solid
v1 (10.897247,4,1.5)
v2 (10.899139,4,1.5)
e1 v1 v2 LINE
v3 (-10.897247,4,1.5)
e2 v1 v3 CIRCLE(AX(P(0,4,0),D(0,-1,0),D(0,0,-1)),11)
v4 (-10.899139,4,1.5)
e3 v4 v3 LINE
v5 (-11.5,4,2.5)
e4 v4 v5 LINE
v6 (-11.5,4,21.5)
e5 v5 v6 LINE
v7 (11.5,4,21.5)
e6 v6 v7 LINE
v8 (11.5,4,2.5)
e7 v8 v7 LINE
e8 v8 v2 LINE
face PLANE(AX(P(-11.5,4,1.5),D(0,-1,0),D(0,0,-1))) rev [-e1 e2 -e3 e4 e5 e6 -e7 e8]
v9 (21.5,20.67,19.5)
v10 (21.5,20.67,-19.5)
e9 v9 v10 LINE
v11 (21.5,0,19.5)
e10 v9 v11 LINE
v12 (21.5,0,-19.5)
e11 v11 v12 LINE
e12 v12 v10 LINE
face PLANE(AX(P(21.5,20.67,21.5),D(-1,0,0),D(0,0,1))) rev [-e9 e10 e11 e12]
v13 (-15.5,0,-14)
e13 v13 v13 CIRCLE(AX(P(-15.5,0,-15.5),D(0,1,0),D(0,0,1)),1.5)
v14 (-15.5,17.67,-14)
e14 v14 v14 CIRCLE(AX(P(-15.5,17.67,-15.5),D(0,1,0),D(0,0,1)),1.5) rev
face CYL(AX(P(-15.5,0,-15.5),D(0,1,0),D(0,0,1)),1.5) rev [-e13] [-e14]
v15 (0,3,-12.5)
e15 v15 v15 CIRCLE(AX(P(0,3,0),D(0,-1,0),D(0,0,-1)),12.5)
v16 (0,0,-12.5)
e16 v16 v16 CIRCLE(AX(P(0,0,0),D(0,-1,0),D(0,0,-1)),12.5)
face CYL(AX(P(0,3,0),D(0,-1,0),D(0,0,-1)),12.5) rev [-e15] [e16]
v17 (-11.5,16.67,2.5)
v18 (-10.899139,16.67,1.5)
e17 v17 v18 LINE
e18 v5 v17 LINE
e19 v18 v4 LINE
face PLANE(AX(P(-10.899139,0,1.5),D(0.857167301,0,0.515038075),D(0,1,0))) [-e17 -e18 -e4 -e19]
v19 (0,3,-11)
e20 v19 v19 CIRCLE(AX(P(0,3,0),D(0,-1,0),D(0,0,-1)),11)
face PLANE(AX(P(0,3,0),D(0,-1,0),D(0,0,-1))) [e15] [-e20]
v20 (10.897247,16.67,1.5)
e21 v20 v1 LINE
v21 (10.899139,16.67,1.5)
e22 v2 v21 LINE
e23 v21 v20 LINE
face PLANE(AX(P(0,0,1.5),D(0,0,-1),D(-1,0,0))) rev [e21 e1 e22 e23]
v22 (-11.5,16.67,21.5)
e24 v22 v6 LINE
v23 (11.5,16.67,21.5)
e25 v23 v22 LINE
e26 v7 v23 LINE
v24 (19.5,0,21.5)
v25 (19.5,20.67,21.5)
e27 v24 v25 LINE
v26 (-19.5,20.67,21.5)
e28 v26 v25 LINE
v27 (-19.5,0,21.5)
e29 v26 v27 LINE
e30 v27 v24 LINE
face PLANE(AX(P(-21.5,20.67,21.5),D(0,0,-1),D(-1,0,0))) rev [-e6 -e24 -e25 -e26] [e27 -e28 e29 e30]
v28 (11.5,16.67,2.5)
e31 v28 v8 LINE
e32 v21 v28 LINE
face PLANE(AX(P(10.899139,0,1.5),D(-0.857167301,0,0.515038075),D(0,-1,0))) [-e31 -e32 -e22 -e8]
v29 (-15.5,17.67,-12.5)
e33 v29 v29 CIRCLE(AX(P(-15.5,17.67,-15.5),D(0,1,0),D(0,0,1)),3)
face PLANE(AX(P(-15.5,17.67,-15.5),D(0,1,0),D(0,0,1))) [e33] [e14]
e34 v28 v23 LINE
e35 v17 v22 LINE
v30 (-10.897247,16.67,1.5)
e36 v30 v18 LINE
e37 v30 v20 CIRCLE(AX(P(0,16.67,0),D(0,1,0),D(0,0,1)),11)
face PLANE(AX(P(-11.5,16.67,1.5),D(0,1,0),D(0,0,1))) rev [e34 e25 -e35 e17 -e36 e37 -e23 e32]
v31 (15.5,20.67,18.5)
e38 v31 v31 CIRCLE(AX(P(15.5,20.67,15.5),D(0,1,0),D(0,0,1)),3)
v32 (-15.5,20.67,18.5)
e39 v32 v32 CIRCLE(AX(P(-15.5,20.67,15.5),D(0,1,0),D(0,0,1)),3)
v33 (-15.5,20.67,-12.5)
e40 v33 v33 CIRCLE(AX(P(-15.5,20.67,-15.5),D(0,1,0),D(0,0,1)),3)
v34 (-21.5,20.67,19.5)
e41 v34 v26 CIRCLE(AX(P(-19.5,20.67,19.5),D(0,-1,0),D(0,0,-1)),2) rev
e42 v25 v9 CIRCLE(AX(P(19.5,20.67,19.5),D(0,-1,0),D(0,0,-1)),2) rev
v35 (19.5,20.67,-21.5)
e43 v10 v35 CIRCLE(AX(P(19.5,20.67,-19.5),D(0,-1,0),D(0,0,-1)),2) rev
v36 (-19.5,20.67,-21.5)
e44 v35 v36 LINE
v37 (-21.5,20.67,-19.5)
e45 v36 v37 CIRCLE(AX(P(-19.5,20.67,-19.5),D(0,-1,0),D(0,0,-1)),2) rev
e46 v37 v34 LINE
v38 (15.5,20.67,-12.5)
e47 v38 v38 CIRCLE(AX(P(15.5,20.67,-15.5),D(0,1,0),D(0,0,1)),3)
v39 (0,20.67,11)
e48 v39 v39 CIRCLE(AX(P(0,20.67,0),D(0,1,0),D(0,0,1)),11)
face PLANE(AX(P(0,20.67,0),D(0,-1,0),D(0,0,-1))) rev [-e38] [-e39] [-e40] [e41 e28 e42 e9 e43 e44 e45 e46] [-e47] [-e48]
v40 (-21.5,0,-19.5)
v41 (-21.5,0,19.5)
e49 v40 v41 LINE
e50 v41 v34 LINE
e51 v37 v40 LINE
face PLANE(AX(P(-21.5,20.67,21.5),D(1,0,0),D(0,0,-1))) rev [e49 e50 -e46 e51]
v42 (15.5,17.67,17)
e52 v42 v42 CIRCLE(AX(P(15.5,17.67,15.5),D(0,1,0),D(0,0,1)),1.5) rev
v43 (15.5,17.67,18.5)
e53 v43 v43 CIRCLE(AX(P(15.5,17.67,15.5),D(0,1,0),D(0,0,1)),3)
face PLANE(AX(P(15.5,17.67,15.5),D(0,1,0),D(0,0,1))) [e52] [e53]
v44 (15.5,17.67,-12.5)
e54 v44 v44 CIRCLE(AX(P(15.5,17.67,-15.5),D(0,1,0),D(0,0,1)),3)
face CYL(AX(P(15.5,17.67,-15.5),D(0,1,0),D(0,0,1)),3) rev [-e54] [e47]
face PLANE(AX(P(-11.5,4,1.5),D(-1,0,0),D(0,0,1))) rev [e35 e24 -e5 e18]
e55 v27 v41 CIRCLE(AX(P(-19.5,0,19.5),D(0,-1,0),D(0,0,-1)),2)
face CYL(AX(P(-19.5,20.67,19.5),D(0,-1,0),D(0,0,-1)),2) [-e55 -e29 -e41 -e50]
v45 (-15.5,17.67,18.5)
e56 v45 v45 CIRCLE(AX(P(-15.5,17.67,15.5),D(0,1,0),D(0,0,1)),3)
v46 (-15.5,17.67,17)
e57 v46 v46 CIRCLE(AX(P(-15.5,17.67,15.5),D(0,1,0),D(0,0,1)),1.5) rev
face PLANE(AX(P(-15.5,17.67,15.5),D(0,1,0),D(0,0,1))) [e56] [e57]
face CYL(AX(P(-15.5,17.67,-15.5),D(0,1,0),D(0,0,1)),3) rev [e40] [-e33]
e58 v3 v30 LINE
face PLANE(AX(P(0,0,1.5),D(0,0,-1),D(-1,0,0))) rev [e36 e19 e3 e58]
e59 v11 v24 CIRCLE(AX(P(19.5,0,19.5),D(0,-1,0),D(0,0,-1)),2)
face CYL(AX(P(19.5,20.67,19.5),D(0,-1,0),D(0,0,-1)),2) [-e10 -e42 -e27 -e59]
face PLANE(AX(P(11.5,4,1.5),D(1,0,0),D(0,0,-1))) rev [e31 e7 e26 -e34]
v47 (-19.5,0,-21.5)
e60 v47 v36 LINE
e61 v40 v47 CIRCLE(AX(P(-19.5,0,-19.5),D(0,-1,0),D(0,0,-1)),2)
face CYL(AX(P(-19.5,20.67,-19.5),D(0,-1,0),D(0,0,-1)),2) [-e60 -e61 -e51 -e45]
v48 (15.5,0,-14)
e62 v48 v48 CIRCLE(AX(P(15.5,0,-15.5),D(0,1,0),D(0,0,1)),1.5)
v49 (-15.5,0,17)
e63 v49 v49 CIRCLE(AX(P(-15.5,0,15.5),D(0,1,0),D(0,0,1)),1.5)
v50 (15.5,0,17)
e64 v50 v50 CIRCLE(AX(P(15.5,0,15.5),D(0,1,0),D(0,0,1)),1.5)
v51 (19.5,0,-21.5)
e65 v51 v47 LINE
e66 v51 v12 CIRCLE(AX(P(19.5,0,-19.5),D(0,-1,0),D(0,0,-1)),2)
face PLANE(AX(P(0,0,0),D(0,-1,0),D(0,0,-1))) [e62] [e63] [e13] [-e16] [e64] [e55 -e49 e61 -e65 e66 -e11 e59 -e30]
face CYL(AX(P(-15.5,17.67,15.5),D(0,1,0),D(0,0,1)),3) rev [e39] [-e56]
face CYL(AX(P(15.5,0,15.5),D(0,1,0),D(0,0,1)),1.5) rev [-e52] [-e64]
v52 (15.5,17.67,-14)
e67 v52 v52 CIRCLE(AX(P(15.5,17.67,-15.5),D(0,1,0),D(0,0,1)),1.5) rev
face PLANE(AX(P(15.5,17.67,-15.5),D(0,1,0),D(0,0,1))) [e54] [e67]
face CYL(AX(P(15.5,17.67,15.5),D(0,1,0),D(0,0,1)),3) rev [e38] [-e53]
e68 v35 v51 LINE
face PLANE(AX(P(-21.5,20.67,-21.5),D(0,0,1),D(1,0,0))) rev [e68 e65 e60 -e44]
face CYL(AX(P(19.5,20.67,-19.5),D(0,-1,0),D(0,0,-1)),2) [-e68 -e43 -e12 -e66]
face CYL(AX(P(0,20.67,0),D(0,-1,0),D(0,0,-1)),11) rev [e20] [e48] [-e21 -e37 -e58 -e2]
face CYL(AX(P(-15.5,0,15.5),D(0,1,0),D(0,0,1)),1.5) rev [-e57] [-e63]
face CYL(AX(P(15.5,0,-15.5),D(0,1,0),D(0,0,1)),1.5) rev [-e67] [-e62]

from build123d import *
from OCP.BRepFilletAPI import BRepFilletAPI_MakeChamfer

# Parameters (mm, degrees)
SKETCH1_W           = 43
SKETCH1_H           = 43
SKETCH1_R           = 11
BOSS_EXTRUDE1_DEPTH = 20.67
SKETCH2_R           = 12.5
CUT_EXTRUDE1_DEPTH  = 3
SKETCH3_R           = 1.5
CUT_EXTRUDE2_DEPTH  = 37.766137953
SKETCH4_W           = 23
SKETCH4_H           = 12.67
CUT_EXTRUDE3_DEPTH  = 20
SKETCH5_R           = 3
CUT_EXTRUDE4_DEPTH  = 3
FILLET1_R           = 2
CHAMFER1_SIZE       = 1
CHAMFER1_SIZE2      = 0.600860619


with BuildPart() as part:
    # Sketch1 → Boss-Extrude1 (new body)
    with BuildSketch(Plane(origin=(0, 0, 0), x_dir=(1, 0, 0), z_dir=(0, 1, 0))):
        Rectangle(SKETCH1_W, SKETCH1_H)
        with Locations(Location((0, 0, 0), (0, 0, 270))):
            Circle(SKETCH1_R, mode=Mode.SUBTRACT)
    extrude(amount=BOSS_EXTRUDE1_DEPTH)

    # Sketch2 → Cut-Extrude1 (cut)
    with BuildSketch(Plane.XZ):
        with Locations(Location((0, 0, 0), (0, 0, 270))):
            Circle(SKETCH2_R)
    extrude(amount=-CUT_EXTRUDE1_DEPTH, mode=Mode.SUBTRACT)

    # Sketch3 → Cut-Extrude2 (cut, through all)
    with BuildSketch(Plane(origin=(0, 20.67, 0), x_dir=(1, 0, 0), z_dir=(0, 1, 0))):
        with Locations(Location((-15.5, 15.5, 0), (0, 0, 270))):
            Circle(SKETCH3_R)
        with Locations(Location((15.5, 15.5, 0), (0, 0, 270))):
            Circle(SKETCH3_R)
        with Locations(Location((15.5, -15.5, 0), (0, 0, 270))):
            Circle(SKETCH3_R)
        with Locations(Location((-15.5, -15.5, 0), (0, 0, 270))):
            Circle(SKETCH3_R)
    extrude(amount=-CUT_EXTRUDE2_DEPTH, mode=Mode.SUBTRACT)

    # Sketch4 → Cut-Extrude3 (cut)
    with BuildSketch(Plane.XY.offset(21.5)):
        with Locations((0, 10.335)):
            Rectangle(SKETCH4_W, SKETCH4_H)
    extrude(amount=-CUT_EXTRUDE3_DEPTH, mode=Mode.SUBTRACT)

    # Sketch5 → Cut-Extrude4 (cut)
    with BuildSketch(Plane(origin=(0, 20.67, 0), x_dir=(1, 0, 0), z_dir=(0, 1, 0))):
        with Locations(Location((-15.5, 15.5, 0), (0, 0, 270))):
            Circle(SKETCH5_R)
        with Locations(Location((15.5, 15.5, 0), (0, 0, 270))):
            Circle(SKETCH5_R)
        with Locations(Location((15.5, -15.5, 0), (0, 0, 270))):
            Circle(SKETCH5_R)
        with Locations(Location((-15.5, -15.5, 0), (0, 0, 270))):
            Circle(SKETCH5_R)
    extrude(amount=-CUT_EXTRUDE4_DEPTH, mode=Mode.SUBTRACT)

    # Fillet1
    fillet1_edges = [part.edges().sort_by_distance(p)[0] for p in [
        (21.5, 10.335, 21.5),
        (-21.5, 10.335, 21.5),
        (-21.5, 10.335, -21.5),
        (21.5, 10.335, -21.5),
    ]]
    fillet(fillet1_edges, radius=FILLET1_R)

    # Chamfer1: one chamfer whose edges measure the first distance from different faces: ONE call of the kernel's chamfer builder (chamfer() names one face for all edges)
    chamfer1_edges_1 = [part.edges().sort_by_distance(p)[0] for p in [
        (11.5, 10.335, 1.5),
    ]]
    chamfer1_side_1 = [part.faces().sort_by_distance(p)[0] for p in [
        (11.5, 10.335, 11.5),
    ]]
    chamfer1_edges_2 = [part.edges().sort_by_distance(p)[0] for p in [
        (-11.5, 10.335, 1.5),
    ]]
    chamfer1_side_2 = [part.faces().sort_by_distance(p)[0] for p in [
        (-11.5, 10.335, 11.5),
    ]]
    chamfer1 = BRepFilletAPI_MakeChamfer(part.part.solid().wrapped)
    for e in chamfer1_edges_1:
        chamfer1.Add(CHAMFER1_SIZE, CHAMFER1_SIZE2, e.wrapped, chamfer1_side_1[0].wrapped)  # the first distance lies on this face
    for e in chamfer1_edges_2:
        chamfer1.Add(CHAMFER1_SIZE, CHAMFER1_SIZE2, e.wrapped, chamfer1_side_2[0].wrapped)  # the first distance lies on this face
    add(Compound.cast(chamfer1.Shape()), mode=Mode.REPLACE)


solid = part.part
